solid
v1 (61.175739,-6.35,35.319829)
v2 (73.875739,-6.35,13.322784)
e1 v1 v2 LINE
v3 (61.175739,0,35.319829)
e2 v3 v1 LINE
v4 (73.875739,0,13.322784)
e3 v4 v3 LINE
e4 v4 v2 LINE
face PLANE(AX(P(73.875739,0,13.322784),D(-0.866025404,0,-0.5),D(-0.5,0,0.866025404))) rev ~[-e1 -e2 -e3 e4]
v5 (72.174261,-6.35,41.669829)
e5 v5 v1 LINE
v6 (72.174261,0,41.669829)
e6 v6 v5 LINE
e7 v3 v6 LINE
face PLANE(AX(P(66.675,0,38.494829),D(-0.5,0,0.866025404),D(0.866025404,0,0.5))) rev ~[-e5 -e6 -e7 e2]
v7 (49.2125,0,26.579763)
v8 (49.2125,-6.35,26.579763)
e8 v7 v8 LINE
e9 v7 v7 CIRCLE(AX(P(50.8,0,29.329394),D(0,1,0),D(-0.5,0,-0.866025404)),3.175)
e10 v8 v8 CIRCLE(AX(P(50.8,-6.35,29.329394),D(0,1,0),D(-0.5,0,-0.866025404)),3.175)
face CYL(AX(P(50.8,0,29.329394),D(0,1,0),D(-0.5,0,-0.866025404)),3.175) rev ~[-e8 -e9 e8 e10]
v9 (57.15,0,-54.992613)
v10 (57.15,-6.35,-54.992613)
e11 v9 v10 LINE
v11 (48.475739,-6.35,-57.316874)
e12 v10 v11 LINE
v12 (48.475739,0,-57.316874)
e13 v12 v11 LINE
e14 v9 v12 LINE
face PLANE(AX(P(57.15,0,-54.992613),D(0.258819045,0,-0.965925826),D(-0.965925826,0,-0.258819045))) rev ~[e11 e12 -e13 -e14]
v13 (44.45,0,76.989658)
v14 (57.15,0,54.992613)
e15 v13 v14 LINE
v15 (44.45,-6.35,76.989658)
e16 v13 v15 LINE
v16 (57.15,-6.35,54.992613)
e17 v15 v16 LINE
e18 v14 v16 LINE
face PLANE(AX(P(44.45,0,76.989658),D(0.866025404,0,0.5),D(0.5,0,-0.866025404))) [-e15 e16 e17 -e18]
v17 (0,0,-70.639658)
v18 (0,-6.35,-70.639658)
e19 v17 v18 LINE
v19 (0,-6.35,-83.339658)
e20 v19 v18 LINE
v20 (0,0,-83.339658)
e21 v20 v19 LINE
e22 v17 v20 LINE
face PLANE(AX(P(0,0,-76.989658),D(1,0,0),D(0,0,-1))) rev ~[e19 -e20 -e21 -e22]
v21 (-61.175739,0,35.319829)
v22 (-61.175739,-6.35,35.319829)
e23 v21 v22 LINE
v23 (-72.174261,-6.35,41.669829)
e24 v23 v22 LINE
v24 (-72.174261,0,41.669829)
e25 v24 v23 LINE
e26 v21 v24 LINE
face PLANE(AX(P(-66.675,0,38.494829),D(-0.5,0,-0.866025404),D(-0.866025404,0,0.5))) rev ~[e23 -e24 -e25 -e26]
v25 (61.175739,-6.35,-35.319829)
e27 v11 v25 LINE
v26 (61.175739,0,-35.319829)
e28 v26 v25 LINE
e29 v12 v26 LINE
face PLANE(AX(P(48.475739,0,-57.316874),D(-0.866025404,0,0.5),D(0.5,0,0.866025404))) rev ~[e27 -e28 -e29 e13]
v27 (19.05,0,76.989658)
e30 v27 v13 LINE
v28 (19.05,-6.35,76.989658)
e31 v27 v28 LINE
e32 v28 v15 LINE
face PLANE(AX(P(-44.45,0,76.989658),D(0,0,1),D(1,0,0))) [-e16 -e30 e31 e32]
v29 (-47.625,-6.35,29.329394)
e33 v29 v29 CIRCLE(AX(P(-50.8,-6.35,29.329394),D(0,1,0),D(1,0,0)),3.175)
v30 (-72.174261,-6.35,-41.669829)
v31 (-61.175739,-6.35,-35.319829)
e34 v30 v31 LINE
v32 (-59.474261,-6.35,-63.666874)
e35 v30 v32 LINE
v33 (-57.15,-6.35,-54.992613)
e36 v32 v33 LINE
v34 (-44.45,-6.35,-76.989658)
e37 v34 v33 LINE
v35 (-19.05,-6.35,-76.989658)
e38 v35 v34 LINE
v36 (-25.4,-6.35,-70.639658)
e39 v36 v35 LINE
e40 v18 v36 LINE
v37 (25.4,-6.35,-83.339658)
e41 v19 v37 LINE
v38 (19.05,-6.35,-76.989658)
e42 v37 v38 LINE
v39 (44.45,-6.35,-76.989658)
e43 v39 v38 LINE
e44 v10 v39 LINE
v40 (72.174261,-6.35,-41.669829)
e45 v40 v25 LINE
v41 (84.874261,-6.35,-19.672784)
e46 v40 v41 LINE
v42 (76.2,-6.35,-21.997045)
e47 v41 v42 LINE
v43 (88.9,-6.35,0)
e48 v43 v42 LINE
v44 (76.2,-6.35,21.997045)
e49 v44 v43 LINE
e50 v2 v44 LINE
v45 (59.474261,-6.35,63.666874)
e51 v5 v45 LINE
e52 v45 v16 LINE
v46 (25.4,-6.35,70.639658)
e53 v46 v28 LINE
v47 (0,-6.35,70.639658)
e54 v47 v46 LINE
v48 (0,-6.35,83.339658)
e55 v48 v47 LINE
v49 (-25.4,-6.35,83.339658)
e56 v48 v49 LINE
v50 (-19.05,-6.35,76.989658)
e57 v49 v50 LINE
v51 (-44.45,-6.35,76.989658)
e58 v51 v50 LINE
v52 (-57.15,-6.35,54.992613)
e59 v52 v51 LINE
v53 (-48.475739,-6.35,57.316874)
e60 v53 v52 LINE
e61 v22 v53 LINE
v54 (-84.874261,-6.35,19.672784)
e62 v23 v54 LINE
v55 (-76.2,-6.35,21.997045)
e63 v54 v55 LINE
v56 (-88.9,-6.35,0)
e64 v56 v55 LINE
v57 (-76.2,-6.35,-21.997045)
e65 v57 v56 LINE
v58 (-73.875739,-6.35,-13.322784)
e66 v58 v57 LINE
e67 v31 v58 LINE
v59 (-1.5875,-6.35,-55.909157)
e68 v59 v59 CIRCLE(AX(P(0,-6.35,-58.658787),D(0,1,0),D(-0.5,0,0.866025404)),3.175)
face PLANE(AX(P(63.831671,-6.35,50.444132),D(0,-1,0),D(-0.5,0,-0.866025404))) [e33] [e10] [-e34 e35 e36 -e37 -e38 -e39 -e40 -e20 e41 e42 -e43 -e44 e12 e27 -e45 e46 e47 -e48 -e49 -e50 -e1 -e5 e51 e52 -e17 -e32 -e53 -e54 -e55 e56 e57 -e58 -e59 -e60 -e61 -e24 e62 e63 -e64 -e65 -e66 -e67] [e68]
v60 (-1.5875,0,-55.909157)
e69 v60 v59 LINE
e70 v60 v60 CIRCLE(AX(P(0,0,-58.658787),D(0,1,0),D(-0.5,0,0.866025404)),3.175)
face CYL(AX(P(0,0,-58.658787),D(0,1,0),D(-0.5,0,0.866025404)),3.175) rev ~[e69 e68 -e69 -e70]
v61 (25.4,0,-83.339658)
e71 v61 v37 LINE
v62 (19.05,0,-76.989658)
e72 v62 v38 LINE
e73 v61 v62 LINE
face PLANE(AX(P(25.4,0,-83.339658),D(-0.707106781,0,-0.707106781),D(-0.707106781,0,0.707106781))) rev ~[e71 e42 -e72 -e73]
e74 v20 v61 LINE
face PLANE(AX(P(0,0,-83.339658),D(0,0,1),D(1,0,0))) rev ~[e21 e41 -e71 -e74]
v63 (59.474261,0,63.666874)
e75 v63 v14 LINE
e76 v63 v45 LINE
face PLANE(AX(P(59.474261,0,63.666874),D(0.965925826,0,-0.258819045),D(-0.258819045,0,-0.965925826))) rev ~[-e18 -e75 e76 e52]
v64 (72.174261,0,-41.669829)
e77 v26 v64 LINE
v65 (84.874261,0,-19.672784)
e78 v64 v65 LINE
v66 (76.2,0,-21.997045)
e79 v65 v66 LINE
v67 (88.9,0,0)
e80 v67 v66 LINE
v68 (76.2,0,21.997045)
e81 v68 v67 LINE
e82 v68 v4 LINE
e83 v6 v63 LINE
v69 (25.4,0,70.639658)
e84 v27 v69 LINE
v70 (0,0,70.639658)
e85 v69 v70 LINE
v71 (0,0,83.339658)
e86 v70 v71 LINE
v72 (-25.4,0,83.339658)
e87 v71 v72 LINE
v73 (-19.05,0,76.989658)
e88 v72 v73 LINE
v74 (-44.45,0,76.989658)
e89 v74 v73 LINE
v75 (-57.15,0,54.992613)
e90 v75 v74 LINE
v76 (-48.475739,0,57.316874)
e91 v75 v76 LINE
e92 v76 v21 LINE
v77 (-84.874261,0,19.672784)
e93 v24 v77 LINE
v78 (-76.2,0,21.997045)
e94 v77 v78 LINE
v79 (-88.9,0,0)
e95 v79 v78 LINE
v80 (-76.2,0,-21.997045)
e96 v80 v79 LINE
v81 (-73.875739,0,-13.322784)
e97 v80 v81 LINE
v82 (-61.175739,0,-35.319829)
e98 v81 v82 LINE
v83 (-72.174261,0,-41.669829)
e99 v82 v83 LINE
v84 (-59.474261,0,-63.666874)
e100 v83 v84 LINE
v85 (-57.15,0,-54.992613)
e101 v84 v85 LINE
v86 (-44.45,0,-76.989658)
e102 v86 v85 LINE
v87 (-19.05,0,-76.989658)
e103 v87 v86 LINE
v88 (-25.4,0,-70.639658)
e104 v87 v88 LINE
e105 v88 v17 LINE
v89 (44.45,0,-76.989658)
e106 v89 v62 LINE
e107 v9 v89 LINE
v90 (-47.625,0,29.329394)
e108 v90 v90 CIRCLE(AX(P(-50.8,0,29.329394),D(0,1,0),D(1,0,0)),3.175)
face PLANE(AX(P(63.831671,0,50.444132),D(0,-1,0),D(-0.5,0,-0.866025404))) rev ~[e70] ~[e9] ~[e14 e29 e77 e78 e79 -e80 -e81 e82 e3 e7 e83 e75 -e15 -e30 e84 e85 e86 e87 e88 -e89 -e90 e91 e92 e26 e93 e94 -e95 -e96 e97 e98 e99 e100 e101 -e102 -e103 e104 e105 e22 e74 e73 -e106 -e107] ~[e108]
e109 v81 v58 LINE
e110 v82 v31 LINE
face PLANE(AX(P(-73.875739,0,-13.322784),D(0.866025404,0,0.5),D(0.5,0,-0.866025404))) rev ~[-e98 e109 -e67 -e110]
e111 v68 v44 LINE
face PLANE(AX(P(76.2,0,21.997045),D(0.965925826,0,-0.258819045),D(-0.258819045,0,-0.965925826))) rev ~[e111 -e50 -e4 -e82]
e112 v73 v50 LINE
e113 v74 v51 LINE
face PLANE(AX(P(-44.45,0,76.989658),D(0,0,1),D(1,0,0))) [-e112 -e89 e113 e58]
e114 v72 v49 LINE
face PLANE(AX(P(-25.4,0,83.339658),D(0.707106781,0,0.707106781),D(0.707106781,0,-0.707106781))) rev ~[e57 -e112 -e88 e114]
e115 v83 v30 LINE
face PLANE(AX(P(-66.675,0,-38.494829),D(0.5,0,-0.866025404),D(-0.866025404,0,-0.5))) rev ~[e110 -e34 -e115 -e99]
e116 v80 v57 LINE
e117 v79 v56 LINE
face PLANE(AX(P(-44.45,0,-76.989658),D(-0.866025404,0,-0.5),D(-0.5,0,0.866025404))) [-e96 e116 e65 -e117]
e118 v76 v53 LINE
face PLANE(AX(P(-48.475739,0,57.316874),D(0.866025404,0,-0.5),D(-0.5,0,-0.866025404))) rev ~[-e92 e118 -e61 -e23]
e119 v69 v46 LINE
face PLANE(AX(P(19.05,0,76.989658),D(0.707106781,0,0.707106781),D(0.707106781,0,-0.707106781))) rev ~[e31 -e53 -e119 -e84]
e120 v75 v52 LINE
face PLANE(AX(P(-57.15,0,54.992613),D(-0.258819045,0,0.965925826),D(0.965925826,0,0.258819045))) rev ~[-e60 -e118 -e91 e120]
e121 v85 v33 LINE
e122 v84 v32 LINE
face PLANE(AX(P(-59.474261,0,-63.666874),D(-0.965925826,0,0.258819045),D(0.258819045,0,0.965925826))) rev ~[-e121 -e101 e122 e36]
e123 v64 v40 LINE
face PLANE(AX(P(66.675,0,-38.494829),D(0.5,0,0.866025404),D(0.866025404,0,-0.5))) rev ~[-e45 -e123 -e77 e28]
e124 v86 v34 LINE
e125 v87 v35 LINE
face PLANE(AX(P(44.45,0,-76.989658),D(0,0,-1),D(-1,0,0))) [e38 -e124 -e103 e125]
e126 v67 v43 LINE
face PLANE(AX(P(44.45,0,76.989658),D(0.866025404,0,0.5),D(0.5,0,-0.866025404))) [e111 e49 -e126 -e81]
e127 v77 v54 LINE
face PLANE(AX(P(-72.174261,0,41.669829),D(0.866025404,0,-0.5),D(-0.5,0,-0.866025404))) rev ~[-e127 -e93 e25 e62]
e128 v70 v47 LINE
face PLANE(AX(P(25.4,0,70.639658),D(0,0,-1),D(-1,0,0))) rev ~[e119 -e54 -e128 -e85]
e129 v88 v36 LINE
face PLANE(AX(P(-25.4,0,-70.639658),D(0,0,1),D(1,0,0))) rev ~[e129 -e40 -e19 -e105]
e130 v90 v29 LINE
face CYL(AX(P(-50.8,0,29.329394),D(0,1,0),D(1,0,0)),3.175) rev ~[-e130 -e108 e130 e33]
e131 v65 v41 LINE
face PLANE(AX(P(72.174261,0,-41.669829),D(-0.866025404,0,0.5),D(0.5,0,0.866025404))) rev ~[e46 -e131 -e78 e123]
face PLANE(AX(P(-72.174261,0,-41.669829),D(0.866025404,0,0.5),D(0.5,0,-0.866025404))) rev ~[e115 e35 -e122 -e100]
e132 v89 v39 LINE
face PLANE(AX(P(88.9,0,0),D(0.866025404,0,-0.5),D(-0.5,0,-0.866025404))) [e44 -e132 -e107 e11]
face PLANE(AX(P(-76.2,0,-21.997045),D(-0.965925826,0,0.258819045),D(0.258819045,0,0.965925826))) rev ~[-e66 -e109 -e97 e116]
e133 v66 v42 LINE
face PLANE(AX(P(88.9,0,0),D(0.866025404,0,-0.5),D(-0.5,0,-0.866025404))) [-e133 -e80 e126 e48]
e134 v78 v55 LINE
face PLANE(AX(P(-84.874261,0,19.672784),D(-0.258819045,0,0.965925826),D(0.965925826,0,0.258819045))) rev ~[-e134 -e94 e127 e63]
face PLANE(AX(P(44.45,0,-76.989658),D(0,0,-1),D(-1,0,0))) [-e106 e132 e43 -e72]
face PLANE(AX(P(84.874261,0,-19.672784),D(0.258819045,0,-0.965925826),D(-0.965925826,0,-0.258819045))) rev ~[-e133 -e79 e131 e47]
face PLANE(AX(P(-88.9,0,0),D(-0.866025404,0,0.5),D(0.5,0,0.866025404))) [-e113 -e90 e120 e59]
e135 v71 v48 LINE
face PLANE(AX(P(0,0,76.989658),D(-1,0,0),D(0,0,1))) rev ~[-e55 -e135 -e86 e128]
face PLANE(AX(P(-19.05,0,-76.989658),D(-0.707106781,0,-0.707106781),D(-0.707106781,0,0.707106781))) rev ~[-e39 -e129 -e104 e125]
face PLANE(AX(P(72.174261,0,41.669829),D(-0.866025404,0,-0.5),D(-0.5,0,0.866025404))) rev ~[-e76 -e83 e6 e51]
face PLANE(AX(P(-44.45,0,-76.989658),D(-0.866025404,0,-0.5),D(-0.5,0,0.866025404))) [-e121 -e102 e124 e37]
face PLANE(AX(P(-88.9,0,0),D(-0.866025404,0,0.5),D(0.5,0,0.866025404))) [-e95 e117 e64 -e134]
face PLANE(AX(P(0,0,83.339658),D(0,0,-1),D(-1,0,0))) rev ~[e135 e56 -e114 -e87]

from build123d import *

# Parameters (mm, degrees)
BOSS_EXTRUDE1_DEPTH = 6.35
SKETCH9_R           = 3.175
CUT_EXTRUDE3_DEPTH  = 118.774954893
CIRPATTERN6_COUNT   = 3
CUT_EXTRUDE4_DEPTH  = 118.774954893
BOSS_EXTRUDE4_DEPTH = 6.35
CIRPATTERN7_COUNT   = 6


with BuildPart() as part:
    # Sketch1 → Boss-Extrude1 (new body)
    with BuildSketch(Plane(origin=(0, 0, 0), x_dir=(1, 0, 0), z_dir=(0, 1, 0))):
        Polygon((88.9, 0), (44.45, 76.989658396), (-44.45, 76.989658396), (-88.9, 0), (-44.45, -76.989658396), (44.45, -76.989658396), align=None)
    extrude(amount=-BOSS_EXTRUDE1_DEPTH)

    # Sketch9 → Cut-Extrude3 (cut, through all)
    with BuildSketch(Plane(origin=(0, 0, 0), x_dir=(1, 0, 0), z_dir=(0, 1, 0))):
        with Locations((-50.8, -29.329393675)):
            Circle(SKETCH9_R)
    cut_extrude3 = extrude(amount=-CUT_EXTRUDE3_DEPTH, mode=Mode.SUBTRACT)

    # CirPattern6: Cut-Extrude3 ×3 about axis
    cirpattern6_axis = Axis((0, 0, 0), (0, 1, 0))
    for i in range(1, CIRPATTERN6_COUNT):
        add(cut_extrude3.rotate(cirpattern6_axis, i * 360 / CIRPATTERN6_COUNT), mode=Mode.SUBTRACT)

    # Sketch10 → Cut-Extrude4 (cut, through all)
    with BuildSketch(Plane(origin=(0, 0, 0), x_dir=(1, 0, 0), z_dir=(0, 1, 0))):
        Polygon((57.15, 54.99261314), (48.475738686, 57.316874454), (61.175738686, 35.319829198), (66.675, 38.494829198), align=None)
    cut_extrude4 = extrude(amount=-CUT_EXTRUDE4_DEPTH, mode=Mode.SUBTRACT)

    # Sketch11 → Boss-Extrude4 (add)
    with BuildSketch(Plane(origin=(0, 0, 0), x_dir=(1, 0, 0), z_dir=(0, 1, 0))):
        Polygon((66.675, 38.494829198), (72.174261314, 41.669829198), (84.874261314, 19.672783942), (76.2, 21.997045256), align=None)
    boss_extrude4 = extrude(amount=-BOSS_EXTRUDE4_DEPTH)

    # CirPattern7: Cut-Extrude4, Boss-Extrude4 ×6 about axis
    cirpattern7_axis = Axis((0, 0, 0), (0, 1, 0))
    add([cut_extrude4.rotate(cirpattern7_axis, i * 360 / CIRPATTERN7_COUNT) for i in range(1, CIRPATTERN7_COUNT)], mode=Mode.SUBTRACT)
    add([boss_extrude4.rotate(cirpattern7_axis, i * 360 / CIRPATTERN7_COUNT) for i in range(1, CIRPATTERN7_COUNT)])


solid = part.part
